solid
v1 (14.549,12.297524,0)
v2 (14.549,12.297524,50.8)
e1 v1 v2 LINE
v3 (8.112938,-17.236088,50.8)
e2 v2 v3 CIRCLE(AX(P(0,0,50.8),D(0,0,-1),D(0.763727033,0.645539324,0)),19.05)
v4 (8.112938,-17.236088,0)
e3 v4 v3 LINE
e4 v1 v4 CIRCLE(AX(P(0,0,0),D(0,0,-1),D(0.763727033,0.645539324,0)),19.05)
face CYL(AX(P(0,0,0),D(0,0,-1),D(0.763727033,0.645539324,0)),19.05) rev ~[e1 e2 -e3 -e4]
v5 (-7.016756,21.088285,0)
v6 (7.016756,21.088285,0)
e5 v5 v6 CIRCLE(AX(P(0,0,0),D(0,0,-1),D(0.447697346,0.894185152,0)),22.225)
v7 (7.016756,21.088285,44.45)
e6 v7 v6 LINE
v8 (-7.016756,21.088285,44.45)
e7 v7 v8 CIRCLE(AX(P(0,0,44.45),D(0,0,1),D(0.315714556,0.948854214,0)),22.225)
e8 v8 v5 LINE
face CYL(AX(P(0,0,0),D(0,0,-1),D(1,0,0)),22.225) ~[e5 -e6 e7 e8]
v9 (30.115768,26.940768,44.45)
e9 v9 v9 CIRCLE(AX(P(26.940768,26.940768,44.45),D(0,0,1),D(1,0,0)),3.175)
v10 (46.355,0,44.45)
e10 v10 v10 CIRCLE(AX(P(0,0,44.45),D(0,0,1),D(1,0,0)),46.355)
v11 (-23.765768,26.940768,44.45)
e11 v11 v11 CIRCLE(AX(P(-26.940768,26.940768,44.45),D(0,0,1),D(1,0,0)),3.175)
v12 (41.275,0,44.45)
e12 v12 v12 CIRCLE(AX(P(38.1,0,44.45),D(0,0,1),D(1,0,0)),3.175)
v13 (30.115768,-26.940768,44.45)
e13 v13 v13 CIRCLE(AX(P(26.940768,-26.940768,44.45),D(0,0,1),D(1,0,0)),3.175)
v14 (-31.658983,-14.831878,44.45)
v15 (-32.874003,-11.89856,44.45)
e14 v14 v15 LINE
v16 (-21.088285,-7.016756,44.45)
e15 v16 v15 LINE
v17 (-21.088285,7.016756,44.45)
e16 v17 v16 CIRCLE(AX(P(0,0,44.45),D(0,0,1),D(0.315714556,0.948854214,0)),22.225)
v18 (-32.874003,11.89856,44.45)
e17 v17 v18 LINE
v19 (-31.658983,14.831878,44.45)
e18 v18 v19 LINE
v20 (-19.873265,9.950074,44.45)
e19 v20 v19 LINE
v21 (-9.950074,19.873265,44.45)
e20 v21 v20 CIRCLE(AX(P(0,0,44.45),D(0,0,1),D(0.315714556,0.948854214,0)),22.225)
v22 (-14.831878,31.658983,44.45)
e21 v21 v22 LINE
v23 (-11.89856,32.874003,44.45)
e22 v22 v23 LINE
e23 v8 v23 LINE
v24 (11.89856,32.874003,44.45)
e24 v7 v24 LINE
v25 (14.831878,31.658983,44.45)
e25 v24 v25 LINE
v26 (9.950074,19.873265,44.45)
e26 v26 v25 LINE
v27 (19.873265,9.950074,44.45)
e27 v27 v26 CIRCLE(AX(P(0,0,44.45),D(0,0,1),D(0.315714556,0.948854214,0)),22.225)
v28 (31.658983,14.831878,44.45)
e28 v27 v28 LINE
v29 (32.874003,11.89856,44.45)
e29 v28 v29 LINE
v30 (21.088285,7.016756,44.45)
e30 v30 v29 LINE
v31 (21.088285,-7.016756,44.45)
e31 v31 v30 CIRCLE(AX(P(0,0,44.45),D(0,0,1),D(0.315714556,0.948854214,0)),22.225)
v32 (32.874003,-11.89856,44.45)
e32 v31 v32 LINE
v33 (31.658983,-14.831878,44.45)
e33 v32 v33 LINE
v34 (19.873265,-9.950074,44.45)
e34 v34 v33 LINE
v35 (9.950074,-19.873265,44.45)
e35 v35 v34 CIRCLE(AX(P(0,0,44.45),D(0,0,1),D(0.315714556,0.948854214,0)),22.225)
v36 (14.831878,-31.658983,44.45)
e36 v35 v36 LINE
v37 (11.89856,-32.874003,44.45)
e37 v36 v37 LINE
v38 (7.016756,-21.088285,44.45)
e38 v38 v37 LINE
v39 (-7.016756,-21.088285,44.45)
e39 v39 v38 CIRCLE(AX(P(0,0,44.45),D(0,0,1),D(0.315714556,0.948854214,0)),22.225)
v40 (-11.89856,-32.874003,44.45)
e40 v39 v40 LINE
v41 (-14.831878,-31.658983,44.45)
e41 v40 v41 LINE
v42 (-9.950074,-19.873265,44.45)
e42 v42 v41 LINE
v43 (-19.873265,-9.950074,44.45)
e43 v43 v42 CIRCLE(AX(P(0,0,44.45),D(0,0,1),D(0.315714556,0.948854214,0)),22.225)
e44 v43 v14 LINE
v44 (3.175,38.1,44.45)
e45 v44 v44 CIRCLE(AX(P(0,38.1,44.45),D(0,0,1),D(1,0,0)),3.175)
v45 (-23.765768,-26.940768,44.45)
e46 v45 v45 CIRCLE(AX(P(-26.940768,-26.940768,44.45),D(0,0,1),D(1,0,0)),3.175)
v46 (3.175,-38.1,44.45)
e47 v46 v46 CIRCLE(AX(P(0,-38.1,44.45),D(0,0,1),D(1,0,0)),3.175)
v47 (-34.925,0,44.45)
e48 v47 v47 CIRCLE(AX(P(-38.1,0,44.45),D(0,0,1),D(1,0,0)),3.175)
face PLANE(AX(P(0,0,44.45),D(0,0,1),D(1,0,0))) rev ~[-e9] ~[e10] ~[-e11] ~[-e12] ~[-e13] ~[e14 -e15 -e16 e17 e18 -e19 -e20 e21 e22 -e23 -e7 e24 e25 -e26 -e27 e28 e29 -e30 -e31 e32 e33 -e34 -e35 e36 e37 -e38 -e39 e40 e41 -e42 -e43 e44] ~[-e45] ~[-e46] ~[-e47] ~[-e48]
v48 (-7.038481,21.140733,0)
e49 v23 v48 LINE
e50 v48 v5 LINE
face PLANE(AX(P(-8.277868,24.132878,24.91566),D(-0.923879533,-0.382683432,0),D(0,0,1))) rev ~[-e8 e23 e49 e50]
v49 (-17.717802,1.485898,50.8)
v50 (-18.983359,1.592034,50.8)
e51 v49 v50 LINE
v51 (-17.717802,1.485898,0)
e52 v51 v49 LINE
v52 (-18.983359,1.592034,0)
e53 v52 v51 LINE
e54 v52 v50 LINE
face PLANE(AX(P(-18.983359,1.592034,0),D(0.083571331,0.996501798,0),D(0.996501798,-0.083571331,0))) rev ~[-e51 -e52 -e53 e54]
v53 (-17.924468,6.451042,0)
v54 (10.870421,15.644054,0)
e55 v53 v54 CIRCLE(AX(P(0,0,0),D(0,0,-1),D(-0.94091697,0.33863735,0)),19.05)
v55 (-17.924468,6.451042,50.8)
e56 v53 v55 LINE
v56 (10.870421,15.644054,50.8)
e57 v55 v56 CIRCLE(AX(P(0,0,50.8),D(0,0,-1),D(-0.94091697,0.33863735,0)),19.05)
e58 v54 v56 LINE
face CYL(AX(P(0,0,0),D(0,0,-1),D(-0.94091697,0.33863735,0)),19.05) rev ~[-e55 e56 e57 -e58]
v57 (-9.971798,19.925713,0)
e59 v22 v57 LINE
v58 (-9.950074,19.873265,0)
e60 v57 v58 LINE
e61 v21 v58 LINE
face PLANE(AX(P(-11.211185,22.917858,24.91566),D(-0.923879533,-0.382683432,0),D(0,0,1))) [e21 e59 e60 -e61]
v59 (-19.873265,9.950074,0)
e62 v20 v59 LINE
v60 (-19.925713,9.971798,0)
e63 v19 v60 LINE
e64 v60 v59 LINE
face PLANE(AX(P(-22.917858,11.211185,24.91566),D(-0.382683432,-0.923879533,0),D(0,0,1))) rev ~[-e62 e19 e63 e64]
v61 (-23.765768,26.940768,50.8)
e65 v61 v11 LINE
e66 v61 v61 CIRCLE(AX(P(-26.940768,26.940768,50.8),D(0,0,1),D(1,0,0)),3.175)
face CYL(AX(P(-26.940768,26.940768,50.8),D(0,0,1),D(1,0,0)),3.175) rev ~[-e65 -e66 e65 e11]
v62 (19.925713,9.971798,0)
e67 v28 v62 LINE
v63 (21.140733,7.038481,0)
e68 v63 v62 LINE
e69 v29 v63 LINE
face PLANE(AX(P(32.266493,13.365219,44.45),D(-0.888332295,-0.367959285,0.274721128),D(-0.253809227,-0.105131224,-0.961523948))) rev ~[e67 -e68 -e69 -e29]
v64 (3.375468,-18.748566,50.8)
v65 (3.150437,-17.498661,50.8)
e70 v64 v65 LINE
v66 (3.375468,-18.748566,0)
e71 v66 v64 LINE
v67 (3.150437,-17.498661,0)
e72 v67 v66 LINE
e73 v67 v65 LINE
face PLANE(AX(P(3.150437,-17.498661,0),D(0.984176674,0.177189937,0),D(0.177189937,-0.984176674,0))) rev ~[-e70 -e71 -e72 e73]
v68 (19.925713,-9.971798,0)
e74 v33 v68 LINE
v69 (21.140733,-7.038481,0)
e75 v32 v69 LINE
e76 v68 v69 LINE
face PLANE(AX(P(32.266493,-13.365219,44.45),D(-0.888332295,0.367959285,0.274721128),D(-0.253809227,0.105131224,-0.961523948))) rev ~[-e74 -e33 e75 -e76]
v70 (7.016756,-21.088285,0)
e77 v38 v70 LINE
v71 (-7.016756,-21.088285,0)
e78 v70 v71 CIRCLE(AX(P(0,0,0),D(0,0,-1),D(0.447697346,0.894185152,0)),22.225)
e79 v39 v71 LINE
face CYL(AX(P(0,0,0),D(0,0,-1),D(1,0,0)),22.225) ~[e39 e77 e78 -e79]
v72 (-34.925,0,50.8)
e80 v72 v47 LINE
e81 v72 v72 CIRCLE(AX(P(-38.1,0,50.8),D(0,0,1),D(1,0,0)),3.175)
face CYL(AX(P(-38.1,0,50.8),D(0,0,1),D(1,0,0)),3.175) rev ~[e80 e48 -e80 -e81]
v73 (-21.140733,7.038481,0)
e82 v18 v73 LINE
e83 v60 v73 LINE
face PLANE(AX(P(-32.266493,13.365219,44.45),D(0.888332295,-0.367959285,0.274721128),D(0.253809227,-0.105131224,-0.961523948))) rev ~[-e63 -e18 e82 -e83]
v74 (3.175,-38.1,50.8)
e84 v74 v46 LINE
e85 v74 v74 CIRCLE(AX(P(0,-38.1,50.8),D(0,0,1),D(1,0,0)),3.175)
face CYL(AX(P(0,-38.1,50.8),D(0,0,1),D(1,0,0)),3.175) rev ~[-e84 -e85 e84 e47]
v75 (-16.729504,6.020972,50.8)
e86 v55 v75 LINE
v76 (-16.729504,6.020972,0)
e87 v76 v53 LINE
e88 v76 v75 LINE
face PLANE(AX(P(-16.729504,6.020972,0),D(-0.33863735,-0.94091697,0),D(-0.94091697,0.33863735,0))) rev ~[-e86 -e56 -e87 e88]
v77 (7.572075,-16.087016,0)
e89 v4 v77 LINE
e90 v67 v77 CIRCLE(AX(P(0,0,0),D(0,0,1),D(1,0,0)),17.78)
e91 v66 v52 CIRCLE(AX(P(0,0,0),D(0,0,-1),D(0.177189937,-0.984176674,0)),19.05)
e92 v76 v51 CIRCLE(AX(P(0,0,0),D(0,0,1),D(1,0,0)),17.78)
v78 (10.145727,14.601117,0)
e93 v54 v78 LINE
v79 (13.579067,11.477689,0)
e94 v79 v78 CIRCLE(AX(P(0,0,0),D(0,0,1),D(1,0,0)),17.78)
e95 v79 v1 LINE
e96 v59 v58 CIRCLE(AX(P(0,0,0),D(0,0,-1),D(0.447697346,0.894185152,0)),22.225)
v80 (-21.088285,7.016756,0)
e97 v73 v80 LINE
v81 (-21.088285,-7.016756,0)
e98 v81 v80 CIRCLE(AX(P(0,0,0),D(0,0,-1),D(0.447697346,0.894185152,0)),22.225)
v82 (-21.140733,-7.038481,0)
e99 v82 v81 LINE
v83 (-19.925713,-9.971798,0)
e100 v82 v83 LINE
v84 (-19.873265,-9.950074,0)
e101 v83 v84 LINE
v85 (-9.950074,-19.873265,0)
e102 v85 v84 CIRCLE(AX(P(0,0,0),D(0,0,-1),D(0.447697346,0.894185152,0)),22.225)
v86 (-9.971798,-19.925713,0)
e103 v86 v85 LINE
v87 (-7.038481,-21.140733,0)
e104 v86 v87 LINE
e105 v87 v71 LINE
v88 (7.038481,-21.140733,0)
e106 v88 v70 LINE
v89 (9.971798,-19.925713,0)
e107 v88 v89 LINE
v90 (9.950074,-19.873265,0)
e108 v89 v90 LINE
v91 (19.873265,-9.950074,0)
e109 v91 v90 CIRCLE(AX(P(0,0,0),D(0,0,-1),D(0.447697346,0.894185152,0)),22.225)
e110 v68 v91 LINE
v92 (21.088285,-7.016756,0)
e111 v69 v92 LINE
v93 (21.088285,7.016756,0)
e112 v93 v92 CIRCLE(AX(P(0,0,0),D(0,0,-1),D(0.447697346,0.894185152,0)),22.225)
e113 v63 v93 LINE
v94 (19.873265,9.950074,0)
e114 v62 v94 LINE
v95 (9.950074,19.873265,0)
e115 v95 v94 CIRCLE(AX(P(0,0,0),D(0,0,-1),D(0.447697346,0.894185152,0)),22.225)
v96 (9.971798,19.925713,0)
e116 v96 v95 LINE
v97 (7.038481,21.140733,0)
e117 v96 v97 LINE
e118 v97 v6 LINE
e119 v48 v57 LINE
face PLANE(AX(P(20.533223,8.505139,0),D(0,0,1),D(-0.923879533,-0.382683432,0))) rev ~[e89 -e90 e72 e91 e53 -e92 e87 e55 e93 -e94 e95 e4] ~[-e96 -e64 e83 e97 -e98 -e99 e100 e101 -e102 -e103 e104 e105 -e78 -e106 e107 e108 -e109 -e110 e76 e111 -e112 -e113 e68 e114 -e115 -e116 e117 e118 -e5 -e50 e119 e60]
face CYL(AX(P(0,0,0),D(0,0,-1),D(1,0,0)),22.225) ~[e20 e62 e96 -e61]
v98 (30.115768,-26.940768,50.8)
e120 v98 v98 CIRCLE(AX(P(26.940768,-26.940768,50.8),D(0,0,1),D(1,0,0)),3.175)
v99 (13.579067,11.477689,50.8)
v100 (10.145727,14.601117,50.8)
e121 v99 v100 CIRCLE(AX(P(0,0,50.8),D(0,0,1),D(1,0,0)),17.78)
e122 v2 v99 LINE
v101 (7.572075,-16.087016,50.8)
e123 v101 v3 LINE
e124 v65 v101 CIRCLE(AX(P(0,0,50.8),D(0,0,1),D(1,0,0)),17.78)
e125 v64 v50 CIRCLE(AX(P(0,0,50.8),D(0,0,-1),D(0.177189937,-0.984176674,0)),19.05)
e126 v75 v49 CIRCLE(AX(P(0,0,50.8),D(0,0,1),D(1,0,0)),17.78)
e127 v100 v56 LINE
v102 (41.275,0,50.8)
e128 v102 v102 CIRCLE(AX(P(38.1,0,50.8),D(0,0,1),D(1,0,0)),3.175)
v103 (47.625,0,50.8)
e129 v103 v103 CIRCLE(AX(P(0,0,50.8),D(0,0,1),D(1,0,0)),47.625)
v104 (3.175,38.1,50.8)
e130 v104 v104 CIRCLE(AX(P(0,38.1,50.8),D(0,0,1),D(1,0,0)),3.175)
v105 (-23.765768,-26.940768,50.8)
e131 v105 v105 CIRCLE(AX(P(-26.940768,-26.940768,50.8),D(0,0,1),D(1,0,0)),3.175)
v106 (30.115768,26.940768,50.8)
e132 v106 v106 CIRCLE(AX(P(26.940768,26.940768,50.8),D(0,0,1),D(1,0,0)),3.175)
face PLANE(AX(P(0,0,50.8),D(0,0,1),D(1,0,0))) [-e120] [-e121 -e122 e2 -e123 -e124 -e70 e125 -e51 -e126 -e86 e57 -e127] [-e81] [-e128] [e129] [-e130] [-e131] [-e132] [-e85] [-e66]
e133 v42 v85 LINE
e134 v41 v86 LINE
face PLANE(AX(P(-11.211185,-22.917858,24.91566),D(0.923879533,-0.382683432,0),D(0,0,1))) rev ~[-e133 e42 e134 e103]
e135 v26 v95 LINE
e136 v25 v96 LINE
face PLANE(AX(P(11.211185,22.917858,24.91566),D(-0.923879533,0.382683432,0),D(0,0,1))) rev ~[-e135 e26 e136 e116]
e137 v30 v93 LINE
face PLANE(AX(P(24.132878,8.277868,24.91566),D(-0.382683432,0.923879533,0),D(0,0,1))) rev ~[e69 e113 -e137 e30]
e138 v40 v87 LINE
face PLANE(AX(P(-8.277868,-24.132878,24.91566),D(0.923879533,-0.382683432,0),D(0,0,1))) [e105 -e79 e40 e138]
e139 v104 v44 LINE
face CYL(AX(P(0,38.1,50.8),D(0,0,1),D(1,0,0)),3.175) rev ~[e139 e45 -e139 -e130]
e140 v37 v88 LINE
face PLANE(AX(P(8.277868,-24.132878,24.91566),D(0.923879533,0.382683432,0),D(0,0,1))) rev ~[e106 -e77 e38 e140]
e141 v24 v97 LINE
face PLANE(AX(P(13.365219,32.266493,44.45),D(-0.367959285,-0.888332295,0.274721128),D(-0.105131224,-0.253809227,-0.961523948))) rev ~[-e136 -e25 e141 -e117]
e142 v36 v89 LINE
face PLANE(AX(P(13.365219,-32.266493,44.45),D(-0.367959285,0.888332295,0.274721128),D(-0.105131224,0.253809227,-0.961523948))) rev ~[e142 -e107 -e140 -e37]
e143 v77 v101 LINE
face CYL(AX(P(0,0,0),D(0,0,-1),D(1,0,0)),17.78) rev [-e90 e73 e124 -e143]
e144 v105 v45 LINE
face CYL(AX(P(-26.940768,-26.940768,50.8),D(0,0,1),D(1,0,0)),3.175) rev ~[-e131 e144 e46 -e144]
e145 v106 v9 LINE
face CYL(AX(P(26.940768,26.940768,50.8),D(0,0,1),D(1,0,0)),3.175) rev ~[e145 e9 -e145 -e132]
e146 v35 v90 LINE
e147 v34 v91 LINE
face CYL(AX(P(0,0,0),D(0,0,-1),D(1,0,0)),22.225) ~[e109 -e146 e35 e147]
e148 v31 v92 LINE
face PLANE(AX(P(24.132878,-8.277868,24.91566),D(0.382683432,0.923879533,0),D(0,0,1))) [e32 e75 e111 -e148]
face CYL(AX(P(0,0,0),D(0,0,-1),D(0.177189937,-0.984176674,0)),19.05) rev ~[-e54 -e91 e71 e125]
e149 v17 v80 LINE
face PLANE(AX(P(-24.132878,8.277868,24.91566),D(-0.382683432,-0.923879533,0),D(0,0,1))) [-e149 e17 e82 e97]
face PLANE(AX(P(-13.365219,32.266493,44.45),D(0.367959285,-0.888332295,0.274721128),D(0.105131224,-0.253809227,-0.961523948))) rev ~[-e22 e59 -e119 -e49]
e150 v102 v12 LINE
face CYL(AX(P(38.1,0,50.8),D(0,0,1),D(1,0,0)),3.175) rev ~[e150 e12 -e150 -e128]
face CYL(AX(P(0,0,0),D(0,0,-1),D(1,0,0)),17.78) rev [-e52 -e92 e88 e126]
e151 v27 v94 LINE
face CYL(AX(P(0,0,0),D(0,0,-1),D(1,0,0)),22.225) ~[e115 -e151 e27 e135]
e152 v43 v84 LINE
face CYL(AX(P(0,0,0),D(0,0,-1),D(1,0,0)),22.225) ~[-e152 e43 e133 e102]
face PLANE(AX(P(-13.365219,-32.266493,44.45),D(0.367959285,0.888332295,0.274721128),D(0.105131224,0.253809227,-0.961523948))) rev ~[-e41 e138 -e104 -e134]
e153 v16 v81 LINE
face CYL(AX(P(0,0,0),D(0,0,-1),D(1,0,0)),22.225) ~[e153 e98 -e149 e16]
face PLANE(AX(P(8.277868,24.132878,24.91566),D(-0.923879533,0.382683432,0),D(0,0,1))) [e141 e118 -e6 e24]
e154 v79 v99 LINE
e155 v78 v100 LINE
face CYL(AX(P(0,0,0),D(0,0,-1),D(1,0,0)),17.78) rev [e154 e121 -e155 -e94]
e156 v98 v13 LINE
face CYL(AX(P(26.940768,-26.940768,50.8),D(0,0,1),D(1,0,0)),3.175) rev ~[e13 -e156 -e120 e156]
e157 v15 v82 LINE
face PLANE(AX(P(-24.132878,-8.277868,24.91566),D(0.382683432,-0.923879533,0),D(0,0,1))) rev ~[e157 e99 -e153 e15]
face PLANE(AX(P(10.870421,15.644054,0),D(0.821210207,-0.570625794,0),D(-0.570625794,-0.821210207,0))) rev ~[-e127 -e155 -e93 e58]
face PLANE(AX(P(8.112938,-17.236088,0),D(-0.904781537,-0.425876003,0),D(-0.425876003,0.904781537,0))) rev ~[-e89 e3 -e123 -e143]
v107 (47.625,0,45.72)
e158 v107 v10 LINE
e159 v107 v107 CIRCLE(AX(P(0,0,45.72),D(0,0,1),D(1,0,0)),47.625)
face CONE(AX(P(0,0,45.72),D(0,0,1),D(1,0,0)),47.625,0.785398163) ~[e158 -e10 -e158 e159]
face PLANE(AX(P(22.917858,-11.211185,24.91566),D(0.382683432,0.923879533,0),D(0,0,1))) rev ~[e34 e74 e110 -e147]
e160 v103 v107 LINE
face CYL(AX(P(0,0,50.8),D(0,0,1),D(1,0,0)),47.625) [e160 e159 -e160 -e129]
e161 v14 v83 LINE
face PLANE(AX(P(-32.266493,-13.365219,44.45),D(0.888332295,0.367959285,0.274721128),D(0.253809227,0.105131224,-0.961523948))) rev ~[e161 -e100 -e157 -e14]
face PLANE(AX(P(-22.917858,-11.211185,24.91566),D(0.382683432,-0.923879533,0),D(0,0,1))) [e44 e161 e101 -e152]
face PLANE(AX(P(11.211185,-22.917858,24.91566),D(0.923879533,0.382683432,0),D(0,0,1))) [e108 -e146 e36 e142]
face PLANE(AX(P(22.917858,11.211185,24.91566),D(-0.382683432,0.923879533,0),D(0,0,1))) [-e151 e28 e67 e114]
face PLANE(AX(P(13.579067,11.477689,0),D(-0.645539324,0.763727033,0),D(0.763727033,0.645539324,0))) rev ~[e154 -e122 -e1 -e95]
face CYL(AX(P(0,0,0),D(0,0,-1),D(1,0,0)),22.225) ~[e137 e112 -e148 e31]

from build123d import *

# Parameters (mm, degrees)
SKETCH1_R           = 22.225
SKETCH1_R_2         = 17.78
BOSS_EXTRUDE1_DEPTH = 50.8
SKETCH2_R           = 47.625
SKETCH2_R_2         = 22.225
BOSS_EXTRUDE2_DEPTH = 6.35
SKETCH3_R           = 3.175
CUT_EXTRUDE1_DEPTH  = 85.361847123
CHAMFER1_SIZE       = 1.27
BOSS_EXTRUDE3_DEPTH = 1.5875
CIRPATTERN1_COUNT   = 8
CUT_EXTRUDE3_DEPTH  = 85.361847123


with BuildPart() as part:
    # Sketch1 → Boss-Extrude1 (new body)
    with BuildSketch(Plane.XY):
        Circle(SKETCH1_R)
        Circle(SKETCH1_R_2, mode=Mode.SUBTRACT)
    extrude(amount=BOSS_EXTRUDE1_DEPTH)



with BuildPart() as body_2:
    # Sketch2 → Boss-Extrude2 (new body)
    with BuildSketch(Plane.XY.offset(50.8)):
        Circle(SKETCH2_R)
        Circle(SKETCH2_R_2, mode=Mode.SUBTRACT)
    extrude(amount=-BOSS_EXTRUDE2_DEPTH)

    # Sketch3 → Cut-Extrude1 (cut, through all)
    with BuildSketch(Plane.XY.offset(50.8)):
        with Locations((-38.1, 0)):
            Circle(SKETCH3_R)
        with Locations((-26.940768363, 26.940768363)):
            Circle(SKETCH3_R)
        with Locations((0, 38.1)):
            Circle(SKETCH3_R)
        with Locations((26.940768363, 26.940768363)):
            Circle(SKETCH3_R)
        with Locations((38.1, 0)):
            Circle(SKETCH3_R)
        with Locations((26.940768363, -26.940768363)):
            Circle(SKETCH3_R)
        with Locations((0, -38.1)):
            Circle(SKETCH3_R)
        with Locations((-26.940768363, -26.940768363)):
            Circle(SKETCH3_R)
    extrude(amount=-CUT_EXTRUDE1_DEPTH, mode=Mode.SUBTRACT)

    # Chamfer1
    chamfer1_edges = [body_2.edges().sort_by_distance(p)[0] for p in [
        (-47.625, 0, 44.45),
    ]]
    chamfer(chamfer1_edges, length=CHAMFER1_SIZE)


with BuildPart() as part_1:
    add(part.part)

    add(body_2.part)  # Boss-Extrude3 merges body 2
    # Sketch4 → Boss-Extrude3 (add, symmetric)
    with BuildSketch(Plane(origin=(0, 0, 0), x_dir=(0, 0, -1), z_dir=(0.9238795325112865, -0.3826834323650906, 0))):
        Polygon((-44.45, 34.925), (0, 22.225), (0, 21.463), (-44.45, 21.463), align=None)
    boss_extrude3 = extrude(amount=BOSS_EXTRUDE3_DEPTH, both=True)

    # CirPattern1: Boss-Extrude3 ×8 about axis
    cirpattern1_axis = Axis((0, 0, 44.45), (0, 0, 1))
    for i in range(1, CIRPATTERN1_COUNT):
        add(boss_extrude3.rotate(cirpattern1_axis, i * 360 / CIRPATTERN1_COUNT))

    # Sketch6 → Cut-Extrude3 (cut, through all)
    with BuildSketch(Plane(origin=(0, 0, 0), x_dir=(-1, 0, 0), z_dir=(0, 0, -1))):
        with BuildLine():
            ThreePointArc((-10.145726618, 14.601117471), (5.407518283, 16.937743239), (16.729503733, 6.020972085))
            Line((16.729503733, 6.020972085), (17.924468285, 6.45104152))
            ThreePointArc((17.924468285, 6.45104152), (5.793769589, 18.147582041), (-10.870421376, 15.644054433))
            Line((-10.870421376, 15.644054433), (-10.145726618, 14.601117471))
        make_face()
        with BuildLine():
            Line((18.983359245, 1.592033845), (17.717801962, 1.485898255))
            ThreePointArc((17.717801962, 1.485898255), (11.964756786, -13.151919824), (-3.150437085, -17.498661268))
            Line((-3.150437085, -17.498661268), (-3.375468305, -18.748565644))
            ThreePointArc((-3.375468305, -18.748565644), (12.81938227, -14.091342669), (18.983359245, 1.592033845))
        make_face()
        with BuildLine():
            ThreePointArc((-7.572075345, -16.087015726), (-17.372275069, -3.785823414), (-13.579066648, 11.477689183))
            Line((-13.579066648, 11.477689183), (-14.54899998, 12.297524124))
            ThreePointArc((-14.54899998, 12.297524124), (-18.61315186, -4.056239373), (-8.112937869, -17.236088278))
            Line((-8.112937869, -17.236088278), (-7.572075345, -16.087015726))
        make_face()
    extrude(amount=-CUT_EXTRUDE3_DEPTH, mode=Mode.SUBTRACT)


solid = part_1.part
